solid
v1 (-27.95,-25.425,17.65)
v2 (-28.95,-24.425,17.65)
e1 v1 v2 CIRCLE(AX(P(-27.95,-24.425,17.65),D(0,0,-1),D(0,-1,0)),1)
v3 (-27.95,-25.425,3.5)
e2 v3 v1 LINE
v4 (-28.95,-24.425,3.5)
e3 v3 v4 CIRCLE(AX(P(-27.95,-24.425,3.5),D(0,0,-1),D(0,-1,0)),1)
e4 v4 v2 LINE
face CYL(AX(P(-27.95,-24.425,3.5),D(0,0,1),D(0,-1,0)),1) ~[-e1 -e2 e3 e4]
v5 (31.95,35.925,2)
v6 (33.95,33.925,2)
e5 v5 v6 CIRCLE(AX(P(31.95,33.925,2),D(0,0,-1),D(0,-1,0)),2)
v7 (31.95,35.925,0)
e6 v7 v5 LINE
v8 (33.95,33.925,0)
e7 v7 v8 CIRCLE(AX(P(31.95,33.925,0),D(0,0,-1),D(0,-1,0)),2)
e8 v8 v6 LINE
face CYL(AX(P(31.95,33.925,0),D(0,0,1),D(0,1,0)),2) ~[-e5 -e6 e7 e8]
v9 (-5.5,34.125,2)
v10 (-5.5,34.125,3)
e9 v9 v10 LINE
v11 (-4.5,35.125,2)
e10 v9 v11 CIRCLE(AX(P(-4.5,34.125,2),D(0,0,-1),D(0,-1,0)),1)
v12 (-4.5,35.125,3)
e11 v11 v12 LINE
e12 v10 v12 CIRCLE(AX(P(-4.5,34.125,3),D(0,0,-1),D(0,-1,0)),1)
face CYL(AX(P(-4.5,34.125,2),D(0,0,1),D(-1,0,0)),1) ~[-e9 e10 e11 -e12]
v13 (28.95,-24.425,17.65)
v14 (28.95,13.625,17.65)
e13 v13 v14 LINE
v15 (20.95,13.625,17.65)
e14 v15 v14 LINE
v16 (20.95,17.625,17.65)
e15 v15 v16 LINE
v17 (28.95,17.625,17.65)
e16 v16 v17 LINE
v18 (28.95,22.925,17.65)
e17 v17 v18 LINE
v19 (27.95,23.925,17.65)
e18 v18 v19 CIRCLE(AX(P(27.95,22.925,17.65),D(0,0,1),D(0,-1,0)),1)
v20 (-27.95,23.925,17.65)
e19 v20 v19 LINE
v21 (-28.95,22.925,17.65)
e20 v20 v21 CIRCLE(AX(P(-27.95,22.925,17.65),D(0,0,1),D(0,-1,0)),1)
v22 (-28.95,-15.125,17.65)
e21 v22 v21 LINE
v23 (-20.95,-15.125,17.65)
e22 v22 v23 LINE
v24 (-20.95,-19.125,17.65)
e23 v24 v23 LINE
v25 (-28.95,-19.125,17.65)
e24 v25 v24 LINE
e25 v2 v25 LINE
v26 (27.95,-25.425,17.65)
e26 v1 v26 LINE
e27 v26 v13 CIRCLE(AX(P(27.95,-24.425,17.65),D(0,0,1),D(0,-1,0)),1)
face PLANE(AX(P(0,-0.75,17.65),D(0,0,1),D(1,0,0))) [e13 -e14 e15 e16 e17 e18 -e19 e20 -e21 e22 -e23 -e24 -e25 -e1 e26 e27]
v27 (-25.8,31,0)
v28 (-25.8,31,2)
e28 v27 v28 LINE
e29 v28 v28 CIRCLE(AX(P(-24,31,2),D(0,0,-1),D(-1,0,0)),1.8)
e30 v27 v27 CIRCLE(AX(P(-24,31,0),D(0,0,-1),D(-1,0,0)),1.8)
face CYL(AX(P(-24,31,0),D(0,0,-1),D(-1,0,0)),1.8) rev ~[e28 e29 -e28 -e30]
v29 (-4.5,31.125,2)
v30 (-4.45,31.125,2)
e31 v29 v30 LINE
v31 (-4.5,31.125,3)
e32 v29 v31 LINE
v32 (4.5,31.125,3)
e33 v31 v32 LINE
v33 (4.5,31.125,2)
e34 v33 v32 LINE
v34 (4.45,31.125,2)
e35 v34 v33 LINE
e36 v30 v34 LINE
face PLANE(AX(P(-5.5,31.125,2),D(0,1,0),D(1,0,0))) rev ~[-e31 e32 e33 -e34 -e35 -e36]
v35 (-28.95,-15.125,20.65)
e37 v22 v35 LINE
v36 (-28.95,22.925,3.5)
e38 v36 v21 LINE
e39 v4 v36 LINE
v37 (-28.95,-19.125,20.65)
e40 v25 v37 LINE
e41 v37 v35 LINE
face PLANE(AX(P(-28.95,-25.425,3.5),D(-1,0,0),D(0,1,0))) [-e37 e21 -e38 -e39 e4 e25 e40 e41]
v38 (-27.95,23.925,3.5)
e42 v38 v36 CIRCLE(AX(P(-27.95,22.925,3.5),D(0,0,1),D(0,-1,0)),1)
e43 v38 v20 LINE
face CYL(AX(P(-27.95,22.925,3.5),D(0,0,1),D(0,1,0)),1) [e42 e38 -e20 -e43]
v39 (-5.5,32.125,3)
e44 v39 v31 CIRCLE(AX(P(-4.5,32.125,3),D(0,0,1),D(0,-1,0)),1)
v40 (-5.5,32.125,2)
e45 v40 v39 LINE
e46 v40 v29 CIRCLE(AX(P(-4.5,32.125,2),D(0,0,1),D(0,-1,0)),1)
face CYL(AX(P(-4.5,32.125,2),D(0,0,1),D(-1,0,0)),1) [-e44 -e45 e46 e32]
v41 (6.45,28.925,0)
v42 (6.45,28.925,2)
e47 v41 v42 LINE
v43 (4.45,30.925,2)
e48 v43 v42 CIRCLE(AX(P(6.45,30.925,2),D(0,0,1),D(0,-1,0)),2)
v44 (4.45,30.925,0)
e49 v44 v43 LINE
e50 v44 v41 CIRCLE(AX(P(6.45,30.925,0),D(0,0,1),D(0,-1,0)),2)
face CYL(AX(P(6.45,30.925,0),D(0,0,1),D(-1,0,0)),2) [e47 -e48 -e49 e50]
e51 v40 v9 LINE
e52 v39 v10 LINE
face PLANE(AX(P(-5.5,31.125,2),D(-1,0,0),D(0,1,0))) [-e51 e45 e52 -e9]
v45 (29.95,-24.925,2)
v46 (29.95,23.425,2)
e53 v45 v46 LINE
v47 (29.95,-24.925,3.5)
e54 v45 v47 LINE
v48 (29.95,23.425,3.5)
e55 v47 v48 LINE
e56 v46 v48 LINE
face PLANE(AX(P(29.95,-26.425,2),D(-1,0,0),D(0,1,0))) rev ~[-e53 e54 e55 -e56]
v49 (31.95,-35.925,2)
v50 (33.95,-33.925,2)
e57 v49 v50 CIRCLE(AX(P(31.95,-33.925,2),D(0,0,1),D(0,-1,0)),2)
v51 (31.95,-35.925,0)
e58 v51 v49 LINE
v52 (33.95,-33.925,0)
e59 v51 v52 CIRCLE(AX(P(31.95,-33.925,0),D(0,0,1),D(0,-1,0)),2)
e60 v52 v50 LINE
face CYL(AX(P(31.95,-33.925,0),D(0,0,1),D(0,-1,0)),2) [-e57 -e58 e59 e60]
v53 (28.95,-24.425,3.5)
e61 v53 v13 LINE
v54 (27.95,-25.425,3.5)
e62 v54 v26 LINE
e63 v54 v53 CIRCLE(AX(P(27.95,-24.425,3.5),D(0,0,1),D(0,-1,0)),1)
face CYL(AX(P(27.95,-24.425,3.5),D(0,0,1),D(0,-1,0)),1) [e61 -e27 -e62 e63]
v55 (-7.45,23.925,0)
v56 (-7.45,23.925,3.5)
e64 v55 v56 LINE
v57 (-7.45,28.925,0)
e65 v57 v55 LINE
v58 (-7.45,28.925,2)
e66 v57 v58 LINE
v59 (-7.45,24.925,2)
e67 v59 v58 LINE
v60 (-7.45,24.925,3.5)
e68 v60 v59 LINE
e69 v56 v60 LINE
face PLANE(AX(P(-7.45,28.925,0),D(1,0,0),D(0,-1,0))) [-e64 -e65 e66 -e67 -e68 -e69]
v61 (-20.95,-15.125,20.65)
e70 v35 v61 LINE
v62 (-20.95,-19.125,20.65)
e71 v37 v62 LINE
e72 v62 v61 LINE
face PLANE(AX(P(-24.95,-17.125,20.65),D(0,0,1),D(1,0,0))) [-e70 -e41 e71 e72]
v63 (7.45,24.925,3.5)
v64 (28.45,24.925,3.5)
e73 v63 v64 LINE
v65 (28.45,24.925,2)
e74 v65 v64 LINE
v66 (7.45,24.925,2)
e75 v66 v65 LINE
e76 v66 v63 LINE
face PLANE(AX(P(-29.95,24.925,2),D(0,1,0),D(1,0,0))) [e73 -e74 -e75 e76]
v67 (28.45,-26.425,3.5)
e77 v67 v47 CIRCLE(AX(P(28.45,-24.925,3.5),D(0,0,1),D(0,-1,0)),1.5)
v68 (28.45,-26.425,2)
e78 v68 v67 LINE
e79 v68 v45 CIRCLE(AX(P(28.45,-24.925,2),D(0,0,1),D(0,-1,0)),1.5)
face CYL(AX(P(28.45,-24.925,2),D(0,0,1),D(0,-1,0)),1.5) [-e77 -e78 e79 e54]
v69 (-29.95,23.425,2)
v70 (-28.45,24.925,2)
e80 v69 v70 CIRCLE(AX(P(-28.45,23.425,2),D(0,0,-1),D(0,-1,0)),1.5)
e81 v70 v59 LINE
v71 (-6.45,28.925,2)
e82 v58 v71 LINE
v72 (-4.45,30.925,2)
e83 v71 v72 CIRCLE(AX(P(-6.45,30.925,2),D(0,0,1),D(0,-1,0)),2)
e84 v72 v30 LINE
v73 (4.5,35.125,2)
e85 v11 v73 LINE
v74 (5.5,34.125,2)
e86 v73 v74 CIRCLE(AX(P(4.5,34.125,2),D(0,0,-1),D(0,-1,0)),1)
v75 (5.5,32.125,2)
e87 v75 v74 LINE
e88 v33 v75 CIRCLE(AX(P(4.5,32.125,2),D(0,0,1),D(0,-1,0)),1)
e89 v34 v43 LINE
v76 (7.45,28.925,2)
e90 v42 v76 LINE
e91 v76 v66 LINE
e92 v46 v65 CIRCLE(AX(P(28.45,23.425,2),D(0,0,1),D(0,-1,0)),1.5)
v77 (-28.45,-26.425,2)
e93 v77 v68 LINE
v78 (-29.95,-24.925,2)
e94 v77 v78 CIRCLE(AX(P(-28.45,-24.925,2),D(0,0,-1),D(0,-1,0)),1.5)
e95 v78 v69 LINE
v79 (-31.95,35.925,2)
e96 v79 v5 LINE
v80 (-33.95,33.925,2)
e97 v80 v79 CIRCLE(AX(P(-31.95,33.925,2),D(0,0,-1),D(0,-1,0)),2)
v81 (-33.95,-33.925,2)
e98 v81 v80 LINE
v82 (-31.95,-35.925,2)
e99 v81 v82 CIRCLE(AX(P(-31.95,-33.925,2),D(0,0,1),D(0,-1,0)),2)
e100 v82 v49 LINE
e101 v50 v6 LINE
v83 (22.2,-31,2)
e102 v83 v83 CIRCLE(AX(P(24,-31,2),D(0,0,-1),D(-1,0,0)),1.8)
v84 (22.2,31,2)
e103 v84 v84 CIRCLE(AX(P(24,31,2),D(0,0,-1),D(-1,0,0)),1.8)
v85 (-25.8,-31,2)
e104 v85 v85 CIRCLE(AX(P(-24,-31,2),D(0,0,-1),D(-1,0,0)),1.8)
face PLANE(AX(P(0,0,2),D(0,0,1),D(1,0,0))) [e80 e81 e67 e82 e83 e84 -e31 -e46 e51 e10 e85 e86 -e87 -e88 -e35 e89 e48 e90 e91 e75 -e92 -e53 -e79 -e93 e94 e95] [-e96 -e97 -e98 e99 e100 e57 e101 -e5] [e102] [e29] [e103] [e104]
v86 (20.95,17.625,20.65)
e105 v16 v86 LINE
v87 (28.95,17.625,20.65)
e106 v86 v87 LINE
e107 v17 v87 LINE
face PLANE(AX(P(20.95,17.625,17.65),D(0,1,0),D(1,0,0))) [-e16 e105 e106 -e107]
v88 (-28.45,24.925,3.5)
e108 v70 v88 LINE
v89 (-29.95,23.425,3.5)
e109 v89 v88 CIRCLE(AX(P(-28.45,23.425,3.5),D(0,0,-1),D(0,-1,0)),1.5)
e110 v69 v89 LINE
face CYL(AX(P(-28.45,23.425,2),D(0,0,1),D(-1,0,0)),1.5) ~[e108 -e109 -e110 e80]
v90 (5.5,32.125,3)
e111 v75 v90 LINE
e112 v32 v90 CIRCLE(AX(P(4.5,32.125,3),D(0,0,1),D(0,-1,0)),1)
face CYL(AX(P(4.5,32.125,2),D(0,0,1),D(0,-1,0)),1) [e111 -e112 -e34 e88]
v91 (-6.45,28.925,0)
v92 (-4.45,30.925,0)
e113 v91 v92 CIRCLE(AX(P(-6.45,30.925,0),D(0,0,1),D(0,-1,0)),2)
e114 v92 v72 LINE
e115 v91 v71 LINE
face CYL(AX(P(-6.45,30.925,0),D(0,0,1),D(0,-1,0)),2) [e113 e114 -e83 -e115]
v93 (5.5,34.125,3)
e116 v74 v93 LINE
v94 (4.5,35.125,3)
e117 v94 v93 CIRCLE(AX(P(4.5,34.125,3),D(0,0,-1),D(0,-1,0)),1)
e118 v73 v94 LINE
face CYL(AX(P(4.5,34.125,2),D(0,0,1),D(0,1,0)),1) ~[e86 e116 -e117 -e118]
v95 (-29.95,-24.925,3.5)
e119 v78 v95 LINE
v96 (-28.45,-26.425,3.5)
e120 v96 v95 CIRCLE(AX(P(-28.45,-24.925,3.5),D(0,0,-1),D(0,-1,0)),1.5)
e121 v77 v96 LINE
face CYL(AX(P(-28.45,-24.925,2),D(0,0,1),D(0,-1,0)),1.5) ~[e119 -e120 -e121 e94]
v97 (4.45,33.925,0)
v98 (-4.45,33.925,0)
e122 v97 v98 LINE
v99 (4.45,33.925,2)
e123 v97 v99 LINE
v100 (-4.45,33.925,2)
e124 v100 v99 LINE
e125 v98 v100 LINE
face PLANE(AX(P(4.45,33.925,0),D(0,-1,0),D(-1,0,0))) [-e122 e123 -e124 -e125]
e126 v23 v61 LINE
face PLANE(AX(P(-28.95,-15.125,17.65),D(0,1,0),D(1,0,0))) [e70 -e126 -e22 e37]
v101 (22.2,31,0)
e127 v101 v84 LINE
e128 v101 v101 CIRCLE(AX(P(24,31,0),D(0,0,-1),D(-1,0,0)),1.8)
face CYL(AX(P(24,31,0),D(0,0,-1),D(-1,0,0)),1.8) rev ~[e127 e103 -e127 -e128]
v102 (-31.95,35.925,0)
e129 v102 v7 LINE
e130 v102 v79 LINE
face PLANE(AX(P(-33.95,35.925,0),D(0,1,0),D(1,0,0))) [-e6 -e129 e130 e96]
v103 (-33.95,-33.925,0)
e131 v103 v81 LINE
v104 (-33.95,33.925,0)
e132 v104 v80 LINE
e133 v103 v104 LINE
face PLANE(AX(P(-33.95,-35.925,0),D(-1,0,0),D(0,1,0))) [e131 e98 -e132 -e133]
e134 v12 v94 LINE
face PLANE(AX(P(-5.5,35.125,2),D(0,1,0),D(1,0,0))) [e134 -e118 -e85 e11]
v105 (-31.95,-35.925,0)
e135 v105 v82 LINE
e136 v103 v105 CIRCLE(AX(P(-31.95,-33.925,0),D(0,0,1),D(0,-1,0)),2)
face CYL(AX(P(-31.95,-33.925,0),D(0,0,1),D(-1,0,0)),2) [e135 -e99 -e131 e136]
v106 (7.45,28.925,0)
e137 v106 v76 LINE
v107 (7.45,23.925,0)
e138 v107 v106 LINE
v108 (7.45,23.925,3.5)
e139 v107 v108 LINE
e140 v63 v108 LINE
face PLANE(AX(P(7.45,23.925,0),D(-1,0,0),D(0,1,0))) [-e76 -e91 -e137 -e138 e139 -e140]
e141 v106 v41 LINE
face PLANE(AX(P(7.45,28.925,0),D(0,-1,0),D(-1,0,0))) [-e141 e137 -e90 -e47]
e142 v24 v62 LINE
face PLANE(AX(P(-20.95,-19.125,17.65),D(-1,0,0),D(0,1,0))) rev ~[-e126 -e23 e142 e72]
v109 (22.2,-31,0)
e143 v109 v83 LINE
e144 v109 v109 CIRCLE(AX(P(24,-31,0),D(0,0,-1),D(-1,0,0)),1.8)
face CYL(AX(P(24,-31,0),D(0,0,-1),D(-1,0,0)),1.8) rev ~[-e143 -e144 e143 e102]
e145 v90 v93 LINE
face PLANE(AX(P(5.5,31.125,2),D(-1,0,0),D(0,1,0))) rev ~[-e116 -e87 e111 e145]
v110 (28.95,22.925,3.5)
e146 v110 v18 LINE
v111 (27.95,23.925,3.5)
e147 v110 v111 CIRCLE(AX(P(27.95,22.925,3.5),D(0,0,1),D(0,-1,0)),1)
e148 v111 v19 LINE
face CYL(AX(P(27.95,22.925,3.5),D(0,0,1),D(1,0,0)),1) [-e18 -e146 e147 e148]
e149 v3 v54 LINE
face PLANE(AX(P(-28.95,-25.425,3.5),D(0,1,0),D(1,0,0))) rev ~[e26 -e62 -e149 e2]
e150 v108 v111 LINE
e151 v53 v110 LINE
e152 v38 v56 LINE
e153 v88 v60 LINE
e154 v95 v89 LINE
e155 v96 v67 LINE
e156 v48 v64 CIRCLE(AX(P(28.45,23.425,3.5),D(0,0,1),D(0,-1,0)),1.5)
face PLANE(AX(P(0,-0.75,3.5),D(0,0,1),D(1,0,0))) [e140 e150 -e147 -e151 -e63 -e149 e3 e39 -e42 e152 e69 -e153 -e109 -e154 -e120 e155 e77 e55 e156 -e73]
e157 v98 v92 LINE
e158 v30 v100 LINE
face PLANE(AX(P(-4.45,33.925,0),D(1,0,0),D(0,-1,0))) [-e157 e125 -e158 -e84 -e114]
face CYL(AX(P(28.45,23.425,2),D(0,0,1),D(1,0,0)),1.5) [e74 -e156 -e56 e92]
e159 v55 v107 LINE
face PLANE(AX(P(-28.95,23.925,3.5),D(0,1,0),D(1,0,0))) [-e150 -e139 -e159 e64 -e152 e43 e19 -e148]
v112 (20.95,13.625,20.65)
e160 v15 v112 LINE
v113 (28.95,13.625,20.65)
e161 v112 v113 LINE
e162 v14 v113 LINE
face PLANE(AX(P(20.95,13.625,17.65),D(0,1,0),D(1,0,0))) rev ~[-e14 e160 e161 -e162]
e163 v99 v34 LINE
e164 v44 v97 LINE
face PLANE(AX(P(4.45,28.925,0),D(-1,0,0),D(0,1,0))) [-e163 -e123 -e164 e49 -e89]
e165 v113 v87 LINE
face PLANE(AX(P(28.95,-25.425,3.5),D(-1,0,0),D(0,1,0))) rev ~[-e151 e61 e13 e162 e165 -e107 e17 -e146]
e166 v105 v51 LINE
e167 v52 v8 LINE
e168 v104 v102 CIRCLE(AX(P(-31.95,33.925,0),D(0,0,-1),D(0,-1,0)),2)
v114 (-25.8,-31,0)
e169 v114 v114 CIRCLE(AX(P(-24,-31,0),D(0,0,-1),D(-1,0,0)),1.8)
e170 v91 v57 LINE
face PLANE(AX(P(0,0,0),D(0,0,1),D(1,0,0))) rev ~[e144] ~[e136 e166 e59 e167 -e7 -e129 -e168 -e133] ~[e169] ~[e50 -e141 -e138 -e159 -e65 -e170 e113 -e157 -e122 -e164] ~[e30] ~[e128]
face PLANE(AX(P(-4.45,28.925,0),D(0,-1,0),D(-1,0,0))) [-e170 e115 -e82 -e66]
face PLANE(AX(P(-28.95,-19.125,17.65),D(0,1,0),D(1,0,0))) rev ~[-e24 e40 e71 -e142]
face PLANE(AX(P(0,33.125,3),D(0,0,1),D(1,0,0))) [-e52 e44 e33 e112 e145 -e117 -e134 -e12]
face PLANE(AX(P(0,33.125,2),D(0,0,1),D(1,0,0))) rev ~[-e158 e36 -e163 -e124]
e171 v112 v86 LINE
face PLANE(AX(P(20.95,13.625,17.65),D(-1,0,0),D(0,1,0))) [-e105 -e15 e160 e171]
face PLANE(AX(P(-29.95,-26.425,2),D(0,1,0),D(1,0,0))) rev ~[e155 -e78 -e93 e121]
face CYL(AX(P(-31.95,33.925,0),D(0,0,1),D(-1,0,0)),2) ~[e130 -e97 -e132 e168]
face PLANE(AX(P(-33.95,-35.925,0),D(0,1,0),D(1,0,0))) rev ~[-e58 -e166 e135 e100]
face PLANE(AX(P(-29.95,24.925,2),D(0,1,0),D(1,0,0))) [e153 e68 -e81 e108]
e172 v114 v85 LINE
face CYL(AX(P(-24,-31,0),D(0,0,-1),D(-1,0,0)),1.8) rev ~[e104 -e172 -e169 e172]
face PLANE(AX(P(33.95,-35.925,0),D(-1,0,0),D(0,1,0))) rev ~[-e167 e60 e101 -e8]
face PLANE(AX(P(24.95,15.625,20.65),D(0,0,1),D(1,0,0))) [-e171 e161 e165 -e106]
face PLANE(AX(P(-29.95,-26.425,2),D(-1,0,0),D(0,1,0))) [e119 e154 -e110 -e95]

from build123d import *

# Parameters (mm, degrees)
SKETCH_1_W          = 67.9
SKETCH_1_H          = 71.85
EXTRUDE_1_DEPTH     = 2
SKETCH_2_W          = 59.9
SKETCH_2_H          = 51.35
EXTRUDE_2_DEPTH     = 1.5
SKETCH_3_W          = 57.9
SKETCH_3_H          = 49.35
EXTRUDE_3_DEPTH     = 14.15
SKETCH_4_R          = 1.8
CUT_EXTRUDE_1_DEPTH = 53.485527767
FILLET_1_R          = 2
FILLET_2_R          = 1.5
FILLET_3_R          = 1
CUT_EXTRUDE_2_DEPTH = 53.485527767
FILLET_4_R          = 2
SKETCH_7_W          = 11
SKETCH_7_H          = 4
EXTRUDE_4_DEPTH     = 1
FILLET_5_R          = 1
SKETCH_8_W          = 8
SKETCH_8_H          = 4
EXTRUDE_5_DEPTH     = 3


with BuildPart() as part:
    # 草图1 → 凸台-拉伸1 (new body)
    with BuildSketch(Plane.XY):
        Rectangle(SKETCH_1_W, SKETCH_1_H)
    extrude(amount=EXTRUDE_1_DEPTH)

    # 草图2 → 凸台-拉伸2 (add)
    with BuildSketch(Plane.XY.offset(2)):
        with Locations((0, -0.75)):
            Rectangle(SKETCH_2_W, SKETCH_2_H)
    extrude(amount=EXTRUDE_2_DEPTH)

    # 草图3 → 凸台-拉伸3 (add)
    with BuildSketch(Plane.XY.offset(3.5)):
        with Locations((0, -0.75)):
            Rectangle(SKETCH_3_W, SKETCH_3_H)
    extrude(amount=EXTRUDE_3_DEPTH)

    # 草图4 → 切除-拉伸1 (cut, through all)
    with BuildSketch(Plane(origin=(0, 0, 0), x_dir=(-1, 0, 0), z_dir=(0, 0, -1))):
        with Locations((24, 31)):
            Circle(SKETCH_4_R)
        with Locations((-24, 31)):
            Circle(SKETCH_4_R)
        with Locations((-24, -31)):
            Circle(SKETCH_4_R)
        with Locations((24, -31)):
            Circle(SKETCH_4_R)
    extrude(amount=-CUT_EXTRUDE_1_DEPTH, mode=Mode.SUBTRACT)

    # 圆角1
    fillet_1_edges = [part.edges().sort_by_distance(p)[0] for p in [
        (33.95, -35.925, 1),
        (-33.95, -35.925, 1),
        (-33.95, 35.925, 1),
        (33.95, 35.925, 1),
    ]]
    fillet(fillet_1_edges, radius=FILLET_1_R)

    # 圆角2
    fillet_2_edges = [part.edges().sort_by_distance(p)[0] for p in [
        (-29.95, 24.925, 2.75),
        (-29.95, -26.425, 2.75),
        (29.95, -26.425, 2.75),
        (29.95, 24.925, 2.75),
    ]]
    fillet(fillet_2_edges, radius=FILLET_2_R)

    # 圆角3
    fillet_3_edges = [part.edges().sort_by_distance(p)[0] for p in [
        (-28.95, 23.925, 10.575),
        (-28.95, -25.425, 10.575),
        (28.95, -25.425, 10.575),
        (28.95, 23.925, 10.575),
    ]]
    fillet(fillet_3_edges, radius=FILLET_3_R)

    # 草图6 → 切除-拉伸2 (cut, through all)
    with BuildSketch(Plane(origin=(0, 0, 0), x_dir=(-1, 0, 0), z_dir=(0, 0, -1))):
        Polygon((-4.45, 33.925), (4.45, 33.925), (4.45, 28.925), (7.45, 28.925), (7.45, 23.925), (-7.45, 23.925), (-7.45, 28.925), (-4.45, 28.925), align=None)
    extrude(amount=-CUT_EXTRUDE_2_DEPTH, mode=Mode.SUBTRACT)

    # 圆角4
    fillet_4_edges = [part.edges().sort_by_distance(p)[0] for p in [
        (4.45, 28.925, 1),
        (-4.45, 28.925, 1),
    ]]
    fillet(fillet_4_edges, radius=FILLET_4_R)

    # 草图7 → 凸台-拉伸4 (add)
    with BuildSketch(Plane.XY.offset(2)):
        with Locations((0, 33.125)):
            Rectangle(SKETCH_7_W, SKETCH_7_H)
    extrude(amount=EXTRUDE_4_DEPTH)

    # 圆角5
    fillet_5_edges = [part.edges().sort_by_distance(p)[0] for p in [
        (-5.5, 35.125, 2.5),
        (-5.5, 31.125, 2.5),
        (5.5, 31.125, 2.5),
        (5.5, 35.125, 2.5),
    ]]
    fillet(fillet_5_edges, radius=FILLET_5_R)

    # 草图8 → 凸台-拉伸5 (add)
    with BuildSketch(Plane.XY.offset(17.65)):
        with Locations((24.95, 15.625)):
            Rectangle(SKETCH_8_W, SKETCH_8_H)
        with Locations((-24.95, -17.125)):
            Rectangle(SKETCH_8_W, SKETCH_8_H)
    extrude(amount=EXTRUDE_5_DEPTH)


solid = part.part
